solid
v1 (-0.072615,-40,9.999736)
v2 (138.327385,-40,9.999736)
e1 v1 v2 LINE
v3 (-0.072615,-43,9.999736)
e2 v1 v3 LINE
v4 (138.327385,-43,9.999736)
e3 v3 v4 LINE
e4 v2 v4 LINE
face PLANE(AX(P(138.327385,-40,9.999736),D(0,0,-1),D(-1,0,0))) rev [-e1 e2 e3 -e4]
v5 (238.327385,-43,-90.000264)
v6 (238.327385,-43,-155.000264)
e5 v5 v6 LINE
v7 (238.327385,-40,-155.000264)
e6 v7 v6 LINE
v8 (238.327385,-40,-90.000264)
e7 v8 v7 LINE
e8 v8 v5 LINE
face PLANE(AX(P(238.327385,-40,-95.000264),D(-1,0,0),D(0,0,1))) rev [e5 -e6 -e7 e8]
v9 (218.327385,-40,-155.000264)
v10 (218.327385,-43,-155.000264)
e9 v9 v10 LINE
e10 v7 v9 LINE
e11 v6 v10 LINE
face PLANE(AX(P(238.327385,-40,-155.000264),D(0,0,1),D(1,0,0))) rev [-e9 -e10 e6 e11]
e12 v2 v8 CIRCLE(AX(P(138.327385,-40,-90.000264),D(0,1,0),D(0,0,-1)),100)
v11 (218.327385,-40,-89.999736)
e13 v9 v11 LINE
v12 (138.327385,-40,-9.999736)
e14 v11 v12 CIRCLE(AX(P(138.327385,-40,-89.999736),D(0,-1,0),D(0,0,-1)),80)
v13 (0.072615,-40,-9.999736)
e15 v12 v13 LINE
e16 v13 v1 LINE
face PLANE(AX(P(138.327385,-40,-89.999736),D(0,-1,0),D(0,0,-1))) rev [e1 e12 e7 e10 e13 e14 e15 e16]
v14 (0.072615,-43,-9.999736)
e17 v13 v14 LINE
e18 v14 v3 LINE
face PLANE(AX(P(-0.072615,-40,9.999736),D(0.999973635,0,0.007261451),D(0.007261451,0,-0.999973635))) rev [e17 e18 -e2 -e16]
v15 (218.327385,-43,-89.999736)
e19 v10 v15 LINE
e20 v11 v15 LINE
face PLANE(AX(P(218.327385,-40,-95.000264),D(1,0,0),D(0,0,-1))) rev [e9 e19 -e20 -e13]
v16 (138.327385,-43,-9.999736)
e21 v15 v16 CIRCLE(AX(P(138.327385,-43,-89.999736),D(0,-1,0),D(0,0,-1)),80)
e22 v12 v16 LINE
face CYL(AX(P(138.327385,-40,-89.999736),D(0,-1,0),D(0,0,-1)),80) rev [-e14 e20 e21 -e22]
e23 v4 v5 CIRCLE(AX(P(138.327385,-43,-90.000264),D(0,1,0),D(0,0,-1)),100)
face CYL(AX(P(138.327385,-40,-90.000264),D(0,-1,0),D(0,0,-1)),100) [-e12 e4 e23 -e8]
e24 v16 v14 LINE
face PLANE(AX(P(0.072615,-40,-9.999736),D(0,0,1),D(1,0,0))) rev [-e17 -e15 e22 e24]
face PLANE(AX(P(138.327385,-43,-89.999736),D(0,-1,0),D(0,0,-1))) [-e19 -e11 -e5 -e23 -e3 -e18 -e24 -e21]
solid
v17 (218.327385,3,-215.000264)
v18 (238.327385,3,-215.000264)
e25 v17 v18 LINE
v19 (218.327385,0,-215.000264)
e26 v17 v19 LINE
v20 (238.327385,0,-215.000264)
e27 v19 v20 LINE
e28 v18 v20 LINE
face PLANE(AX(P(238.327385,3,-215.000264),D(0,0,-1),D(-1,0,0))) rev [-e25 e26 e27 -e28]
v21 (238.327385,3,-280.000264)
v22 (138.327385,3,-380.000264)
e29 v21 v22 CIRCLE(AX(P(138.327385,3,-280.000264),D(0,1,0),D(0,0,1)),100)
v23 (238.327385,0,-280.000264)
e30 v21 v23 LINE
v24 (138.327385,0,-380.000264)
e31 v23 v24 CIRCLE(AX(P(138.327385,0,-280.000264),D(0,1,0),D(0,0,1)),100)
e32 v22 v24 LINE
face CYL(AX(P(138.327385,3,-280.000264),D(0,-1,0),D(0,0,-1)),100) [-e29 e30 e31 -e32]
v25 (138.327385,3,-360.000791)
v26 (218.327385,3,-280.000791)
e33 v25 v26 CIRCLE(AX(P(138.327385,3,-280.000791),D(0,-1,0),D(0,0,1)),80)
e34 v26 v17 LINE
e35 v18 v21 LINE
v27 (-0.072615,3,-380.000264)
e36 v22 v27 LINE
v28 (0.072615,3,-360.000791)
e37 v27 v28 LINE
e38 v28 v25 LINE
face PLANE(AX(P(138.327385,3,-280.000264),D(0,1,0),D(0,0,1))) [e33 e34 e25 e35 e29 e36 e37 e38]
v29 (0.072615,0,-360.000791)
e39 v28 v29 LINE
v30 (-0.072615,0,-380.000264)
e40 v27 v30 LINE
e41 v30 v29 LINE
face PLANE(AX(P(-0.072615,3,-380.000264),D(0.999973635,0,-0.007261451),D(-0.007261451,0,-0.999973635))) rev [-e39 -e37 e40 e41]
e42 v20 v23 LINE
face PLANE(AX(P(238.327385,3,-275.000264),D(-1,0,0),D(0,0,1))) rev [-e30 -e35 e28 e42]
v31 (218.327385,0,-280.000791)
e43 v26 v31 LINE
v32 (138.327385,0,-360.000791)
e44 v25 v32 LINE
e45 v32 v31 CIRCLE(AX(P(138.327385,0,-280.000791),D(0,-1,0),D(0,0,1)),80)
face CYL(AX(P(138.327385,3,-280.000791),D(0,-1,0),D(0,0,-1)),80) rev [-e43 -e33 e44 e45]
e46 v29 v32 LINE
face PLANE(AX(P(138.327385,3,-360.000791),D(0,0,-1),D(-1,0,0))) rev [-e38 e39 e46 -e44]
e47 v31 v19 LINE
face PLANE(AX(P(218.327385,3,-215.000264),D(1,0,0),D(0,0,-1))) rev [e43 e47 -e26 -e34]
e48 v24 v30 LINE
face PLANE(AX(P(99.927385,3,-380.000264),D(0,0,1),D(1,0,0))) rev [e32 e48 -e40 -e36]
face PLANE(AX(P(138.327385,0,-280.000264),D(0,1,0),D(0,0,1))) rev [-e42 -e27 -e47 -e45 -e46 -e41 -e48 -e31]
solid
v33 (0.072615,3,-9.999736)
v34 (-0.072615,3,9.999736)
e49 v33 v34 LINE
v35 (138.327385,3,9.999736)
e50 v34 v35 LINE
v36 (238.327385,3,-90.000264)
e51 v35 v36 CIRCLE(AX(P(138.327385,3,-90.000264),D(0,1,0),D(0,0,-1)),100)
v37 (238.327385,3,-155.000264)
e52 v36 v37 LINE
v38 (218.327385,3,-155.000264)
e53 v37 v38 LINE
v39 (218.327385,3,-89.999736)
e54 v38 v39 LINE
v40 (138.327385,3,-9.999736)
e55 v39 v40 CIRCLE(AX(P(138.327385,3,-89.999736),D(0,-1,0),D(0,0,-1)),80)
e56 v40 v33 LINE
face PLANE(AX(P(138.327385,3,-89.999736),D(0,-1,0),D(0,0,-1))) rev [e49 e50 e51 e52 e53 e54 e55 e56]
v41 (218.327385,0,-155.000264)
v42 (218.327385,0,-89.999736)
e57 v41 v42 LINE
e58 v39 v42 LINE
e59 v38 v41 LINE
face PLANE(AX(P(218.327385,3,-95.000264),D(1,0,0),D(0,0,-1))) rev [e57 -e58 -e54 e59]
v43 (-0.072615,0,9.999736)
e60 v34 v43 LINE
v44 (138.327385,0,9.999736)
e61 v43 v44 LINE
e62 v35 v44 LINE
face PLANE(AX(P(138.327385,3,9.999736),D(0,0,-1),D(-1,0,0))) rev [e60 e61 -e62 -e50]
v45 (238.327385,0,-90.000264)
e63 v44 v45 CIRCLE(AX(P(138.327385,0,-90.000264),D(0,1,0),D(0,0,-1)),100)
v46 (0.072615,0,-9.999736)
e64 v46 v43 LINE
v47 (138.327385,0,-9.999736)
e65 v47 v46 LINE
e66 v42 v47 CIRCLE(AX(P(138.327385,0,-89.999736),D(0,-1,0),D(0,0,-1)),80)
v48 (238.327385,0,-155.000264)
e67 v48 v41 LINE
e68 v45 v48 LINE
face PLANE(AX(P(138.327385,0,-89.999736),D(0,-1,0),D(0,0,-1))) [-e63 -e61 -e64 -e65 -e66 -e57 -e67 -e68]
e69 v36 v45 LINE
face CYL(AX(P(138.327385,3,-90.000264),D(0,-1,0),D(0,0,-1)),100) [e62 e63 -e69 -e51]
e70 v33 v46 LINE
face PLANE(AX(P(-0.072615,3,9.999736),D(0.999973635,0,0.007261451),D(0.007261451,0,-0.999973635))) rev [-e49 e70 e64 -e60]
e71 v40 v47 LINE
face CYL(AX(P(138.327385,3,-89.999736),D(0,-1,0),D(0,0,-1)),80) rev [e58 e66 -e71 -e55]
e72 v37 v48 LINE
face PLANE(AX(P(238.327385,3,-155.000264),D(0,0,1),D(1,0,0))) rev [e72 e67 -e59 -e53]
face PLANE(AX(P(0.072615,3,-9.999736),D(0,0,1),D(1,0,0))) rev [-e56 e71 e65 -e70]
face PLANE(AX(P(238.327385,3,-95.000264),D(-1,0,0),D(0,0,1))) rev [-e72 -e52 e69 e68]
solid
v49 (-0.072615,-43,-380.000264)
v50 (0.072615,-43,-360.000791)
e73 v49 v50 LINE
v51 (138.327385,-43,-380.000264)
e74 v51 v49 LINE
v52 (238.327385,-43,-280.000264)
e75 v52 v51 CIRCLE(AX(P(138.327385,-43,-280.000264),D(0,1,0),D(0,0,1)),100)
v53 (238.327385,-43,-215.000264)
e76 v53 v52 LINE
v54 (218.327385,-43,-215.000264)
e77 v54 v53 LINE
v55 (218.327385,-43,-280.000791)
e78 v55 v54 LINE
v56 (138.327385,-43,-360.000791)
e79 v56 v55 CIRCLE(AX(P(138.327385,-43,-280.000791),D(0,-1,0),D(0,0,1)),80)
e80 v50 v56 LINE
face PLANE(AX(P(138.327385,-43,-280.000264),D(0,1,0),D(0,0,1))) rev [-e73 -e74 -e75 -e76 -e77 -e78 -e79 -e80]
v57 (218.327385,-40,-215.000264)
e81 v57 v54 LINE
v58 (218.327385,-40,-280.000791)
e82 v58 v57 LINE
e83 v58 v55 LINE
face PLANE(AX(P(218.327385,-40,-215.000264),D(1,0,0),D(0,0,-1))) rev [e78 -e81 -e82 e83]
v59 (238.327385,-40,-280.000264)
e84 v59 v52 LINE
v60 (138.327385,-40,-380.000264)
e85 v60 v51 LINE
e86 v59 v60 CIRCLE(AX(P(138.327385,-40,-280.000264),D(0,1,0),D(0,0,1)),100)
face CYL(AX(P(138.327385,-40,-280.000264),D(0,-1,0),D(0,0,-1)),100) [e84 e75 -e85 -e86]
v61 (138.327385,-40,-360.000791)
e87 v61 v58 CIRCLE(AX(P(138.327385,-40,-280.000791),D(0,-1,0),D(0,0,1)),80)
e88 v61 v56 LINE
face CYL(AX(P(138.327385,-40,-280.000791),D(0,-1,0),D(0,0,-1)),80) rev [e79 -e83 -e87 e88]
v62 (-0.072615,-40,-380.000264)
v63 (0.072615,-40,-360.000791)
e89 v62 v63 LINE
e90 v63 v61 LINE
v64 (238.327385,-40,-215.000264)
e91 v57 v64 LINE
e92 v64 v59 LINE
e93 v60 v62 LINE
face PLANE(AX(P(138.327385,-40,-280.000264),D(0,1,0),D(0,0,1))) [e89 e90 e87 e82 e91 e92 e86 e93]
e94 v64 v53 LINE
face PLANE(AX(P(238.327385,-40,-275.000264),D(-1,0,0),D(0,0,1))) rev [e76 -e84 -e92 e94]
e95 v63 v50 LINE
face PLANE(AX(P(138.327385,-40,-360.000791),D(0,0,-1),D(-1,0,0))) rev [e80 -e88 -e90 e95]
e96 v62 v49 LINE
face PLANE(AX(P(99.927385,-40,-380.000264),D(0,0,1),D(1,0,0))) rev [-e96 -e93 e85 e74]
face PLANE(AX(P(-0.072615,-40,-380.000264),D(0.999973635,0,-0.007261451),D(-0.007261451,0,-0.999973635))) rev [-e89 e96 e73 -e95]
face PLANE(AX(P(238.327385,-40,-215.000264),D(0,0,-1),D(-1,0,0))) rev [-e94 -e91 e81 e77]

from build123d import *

# Parameters (mm, degrees)
BOSS_EXTRUDE1_DEPTH   = 3
BOSS_EXTRUDE1_2_DEPTH = 3
LPATTERN2_COUNT       = 2
LPATTERN2_PITCH       = 43


with BuildPart() as part:
    # Sketch1 → Boss-Extrude1 (new body)
    with BuildSketch(Plane(origin=(0, 0, 0), x_dir=(1, 0, 0), z_dir=(0, 1, 0))):
        with BuildLine():
            Line((0.072614511, 9.999736353), (100.072614511, 9.999736353))
            Line((100.072614511, 9.999736353), (138.327385489, 9.999736353))
            ThreePointArc((138.327385489, 9.999736353), (194.895927984, 33.431193858), (218.327385489, 89.999736353))
            Line((218.327385489, 89.999736353), (218.327385489, 95.000263647))
            Line((218.327385489, 95.000263647), (218.327385489, 155.000263647))
            Line((218.327385489, 155.000263647), (238.327385489, 155.000263647))
            Line((238.327385489, 155.000263647), (238.327385489, 95.000263647))
            Line((238.327385489, 95.000263647), (238.327385489, 90.000263647))
            ThreePointArc((238.327385489, 90.000263647), (209.038063608, 19.289585528), (138.327385489, -9.999736353))
            Line((138.327385489, -9.999736353), (99.927385489, -9.999736353))
            Line((99.927385489, -9.999736353), (-0.072614511, -9.999736353))
            Line((-0.072614511, -9.999736353), (0.072614511, 9.999736353))
        make_face()
    boss_extrude1 = extrude(amount=BOSS_EXTRUDE1_DEPTH)


with BuildPart() as body_2:
    # Sketch1 → Boss-Extrude1 2 (new body)
    with BuildSketch(Plane(origin=(0, 0, 0), x_dir=(1, 0, 0), z_dir=(0, 1, 0))):
        with BuildLine():
            Line((138.327385489, 380.000263647), (99.927385489, 380.000263647))
            Line((99.927385489, 380.000263647), (-0.072614511, 380.000263647))
            Line((-0.072614511, 380.000263647), (0.072614511, 360.00079094))
            Line((0.072614511, 360.00079094), (100.072614511, 360.00079094))
            Line((100.072614511, 360.00079094), (138.327385489, 360.00079094))
            ThreePointArc((138.327385489, 360.00079094), (194.895927984, 336.569333435), (218.327385489, 280.00079094))
            Line((218.327385489, 280.00079094), (218.327385489, 275.000263647))
            Line((218.327385489, 275.000263647), (218.327385489, 215.000263647))
            Line((218.327385489, 215.000263647), (238.327385489, 215.000263647))
            Line((238.327385489, 215.000263647), (238.327385489, 275.000263647))
            Line((238.327385489, 275.000263647), (238.327385489, 280.000263647))
            ThreePointArc((238.327385489, 280.000263647), (209.038063608, 350.710941765), (138.327385489, 380.000263647))
        make_face()
    boss_extrude1_2 = extrude(amount=BOSS_EXTRUDE1_2_DEPTH)


with BuildPart() as lpattern2_1:
    # LPattern2: Boss-Extrude1, Boss-Extrude1 2 ×2
    with Locations(*[(0, -i * LPATTERN2_PITCH, 0) for i in range(1, LPATTERN2_COUNT)]):
        add(boss_extrude1)
        add(boss_extrude1_2)


solid = Compound([part.part, body_2.part, lpattern2_1.part])
